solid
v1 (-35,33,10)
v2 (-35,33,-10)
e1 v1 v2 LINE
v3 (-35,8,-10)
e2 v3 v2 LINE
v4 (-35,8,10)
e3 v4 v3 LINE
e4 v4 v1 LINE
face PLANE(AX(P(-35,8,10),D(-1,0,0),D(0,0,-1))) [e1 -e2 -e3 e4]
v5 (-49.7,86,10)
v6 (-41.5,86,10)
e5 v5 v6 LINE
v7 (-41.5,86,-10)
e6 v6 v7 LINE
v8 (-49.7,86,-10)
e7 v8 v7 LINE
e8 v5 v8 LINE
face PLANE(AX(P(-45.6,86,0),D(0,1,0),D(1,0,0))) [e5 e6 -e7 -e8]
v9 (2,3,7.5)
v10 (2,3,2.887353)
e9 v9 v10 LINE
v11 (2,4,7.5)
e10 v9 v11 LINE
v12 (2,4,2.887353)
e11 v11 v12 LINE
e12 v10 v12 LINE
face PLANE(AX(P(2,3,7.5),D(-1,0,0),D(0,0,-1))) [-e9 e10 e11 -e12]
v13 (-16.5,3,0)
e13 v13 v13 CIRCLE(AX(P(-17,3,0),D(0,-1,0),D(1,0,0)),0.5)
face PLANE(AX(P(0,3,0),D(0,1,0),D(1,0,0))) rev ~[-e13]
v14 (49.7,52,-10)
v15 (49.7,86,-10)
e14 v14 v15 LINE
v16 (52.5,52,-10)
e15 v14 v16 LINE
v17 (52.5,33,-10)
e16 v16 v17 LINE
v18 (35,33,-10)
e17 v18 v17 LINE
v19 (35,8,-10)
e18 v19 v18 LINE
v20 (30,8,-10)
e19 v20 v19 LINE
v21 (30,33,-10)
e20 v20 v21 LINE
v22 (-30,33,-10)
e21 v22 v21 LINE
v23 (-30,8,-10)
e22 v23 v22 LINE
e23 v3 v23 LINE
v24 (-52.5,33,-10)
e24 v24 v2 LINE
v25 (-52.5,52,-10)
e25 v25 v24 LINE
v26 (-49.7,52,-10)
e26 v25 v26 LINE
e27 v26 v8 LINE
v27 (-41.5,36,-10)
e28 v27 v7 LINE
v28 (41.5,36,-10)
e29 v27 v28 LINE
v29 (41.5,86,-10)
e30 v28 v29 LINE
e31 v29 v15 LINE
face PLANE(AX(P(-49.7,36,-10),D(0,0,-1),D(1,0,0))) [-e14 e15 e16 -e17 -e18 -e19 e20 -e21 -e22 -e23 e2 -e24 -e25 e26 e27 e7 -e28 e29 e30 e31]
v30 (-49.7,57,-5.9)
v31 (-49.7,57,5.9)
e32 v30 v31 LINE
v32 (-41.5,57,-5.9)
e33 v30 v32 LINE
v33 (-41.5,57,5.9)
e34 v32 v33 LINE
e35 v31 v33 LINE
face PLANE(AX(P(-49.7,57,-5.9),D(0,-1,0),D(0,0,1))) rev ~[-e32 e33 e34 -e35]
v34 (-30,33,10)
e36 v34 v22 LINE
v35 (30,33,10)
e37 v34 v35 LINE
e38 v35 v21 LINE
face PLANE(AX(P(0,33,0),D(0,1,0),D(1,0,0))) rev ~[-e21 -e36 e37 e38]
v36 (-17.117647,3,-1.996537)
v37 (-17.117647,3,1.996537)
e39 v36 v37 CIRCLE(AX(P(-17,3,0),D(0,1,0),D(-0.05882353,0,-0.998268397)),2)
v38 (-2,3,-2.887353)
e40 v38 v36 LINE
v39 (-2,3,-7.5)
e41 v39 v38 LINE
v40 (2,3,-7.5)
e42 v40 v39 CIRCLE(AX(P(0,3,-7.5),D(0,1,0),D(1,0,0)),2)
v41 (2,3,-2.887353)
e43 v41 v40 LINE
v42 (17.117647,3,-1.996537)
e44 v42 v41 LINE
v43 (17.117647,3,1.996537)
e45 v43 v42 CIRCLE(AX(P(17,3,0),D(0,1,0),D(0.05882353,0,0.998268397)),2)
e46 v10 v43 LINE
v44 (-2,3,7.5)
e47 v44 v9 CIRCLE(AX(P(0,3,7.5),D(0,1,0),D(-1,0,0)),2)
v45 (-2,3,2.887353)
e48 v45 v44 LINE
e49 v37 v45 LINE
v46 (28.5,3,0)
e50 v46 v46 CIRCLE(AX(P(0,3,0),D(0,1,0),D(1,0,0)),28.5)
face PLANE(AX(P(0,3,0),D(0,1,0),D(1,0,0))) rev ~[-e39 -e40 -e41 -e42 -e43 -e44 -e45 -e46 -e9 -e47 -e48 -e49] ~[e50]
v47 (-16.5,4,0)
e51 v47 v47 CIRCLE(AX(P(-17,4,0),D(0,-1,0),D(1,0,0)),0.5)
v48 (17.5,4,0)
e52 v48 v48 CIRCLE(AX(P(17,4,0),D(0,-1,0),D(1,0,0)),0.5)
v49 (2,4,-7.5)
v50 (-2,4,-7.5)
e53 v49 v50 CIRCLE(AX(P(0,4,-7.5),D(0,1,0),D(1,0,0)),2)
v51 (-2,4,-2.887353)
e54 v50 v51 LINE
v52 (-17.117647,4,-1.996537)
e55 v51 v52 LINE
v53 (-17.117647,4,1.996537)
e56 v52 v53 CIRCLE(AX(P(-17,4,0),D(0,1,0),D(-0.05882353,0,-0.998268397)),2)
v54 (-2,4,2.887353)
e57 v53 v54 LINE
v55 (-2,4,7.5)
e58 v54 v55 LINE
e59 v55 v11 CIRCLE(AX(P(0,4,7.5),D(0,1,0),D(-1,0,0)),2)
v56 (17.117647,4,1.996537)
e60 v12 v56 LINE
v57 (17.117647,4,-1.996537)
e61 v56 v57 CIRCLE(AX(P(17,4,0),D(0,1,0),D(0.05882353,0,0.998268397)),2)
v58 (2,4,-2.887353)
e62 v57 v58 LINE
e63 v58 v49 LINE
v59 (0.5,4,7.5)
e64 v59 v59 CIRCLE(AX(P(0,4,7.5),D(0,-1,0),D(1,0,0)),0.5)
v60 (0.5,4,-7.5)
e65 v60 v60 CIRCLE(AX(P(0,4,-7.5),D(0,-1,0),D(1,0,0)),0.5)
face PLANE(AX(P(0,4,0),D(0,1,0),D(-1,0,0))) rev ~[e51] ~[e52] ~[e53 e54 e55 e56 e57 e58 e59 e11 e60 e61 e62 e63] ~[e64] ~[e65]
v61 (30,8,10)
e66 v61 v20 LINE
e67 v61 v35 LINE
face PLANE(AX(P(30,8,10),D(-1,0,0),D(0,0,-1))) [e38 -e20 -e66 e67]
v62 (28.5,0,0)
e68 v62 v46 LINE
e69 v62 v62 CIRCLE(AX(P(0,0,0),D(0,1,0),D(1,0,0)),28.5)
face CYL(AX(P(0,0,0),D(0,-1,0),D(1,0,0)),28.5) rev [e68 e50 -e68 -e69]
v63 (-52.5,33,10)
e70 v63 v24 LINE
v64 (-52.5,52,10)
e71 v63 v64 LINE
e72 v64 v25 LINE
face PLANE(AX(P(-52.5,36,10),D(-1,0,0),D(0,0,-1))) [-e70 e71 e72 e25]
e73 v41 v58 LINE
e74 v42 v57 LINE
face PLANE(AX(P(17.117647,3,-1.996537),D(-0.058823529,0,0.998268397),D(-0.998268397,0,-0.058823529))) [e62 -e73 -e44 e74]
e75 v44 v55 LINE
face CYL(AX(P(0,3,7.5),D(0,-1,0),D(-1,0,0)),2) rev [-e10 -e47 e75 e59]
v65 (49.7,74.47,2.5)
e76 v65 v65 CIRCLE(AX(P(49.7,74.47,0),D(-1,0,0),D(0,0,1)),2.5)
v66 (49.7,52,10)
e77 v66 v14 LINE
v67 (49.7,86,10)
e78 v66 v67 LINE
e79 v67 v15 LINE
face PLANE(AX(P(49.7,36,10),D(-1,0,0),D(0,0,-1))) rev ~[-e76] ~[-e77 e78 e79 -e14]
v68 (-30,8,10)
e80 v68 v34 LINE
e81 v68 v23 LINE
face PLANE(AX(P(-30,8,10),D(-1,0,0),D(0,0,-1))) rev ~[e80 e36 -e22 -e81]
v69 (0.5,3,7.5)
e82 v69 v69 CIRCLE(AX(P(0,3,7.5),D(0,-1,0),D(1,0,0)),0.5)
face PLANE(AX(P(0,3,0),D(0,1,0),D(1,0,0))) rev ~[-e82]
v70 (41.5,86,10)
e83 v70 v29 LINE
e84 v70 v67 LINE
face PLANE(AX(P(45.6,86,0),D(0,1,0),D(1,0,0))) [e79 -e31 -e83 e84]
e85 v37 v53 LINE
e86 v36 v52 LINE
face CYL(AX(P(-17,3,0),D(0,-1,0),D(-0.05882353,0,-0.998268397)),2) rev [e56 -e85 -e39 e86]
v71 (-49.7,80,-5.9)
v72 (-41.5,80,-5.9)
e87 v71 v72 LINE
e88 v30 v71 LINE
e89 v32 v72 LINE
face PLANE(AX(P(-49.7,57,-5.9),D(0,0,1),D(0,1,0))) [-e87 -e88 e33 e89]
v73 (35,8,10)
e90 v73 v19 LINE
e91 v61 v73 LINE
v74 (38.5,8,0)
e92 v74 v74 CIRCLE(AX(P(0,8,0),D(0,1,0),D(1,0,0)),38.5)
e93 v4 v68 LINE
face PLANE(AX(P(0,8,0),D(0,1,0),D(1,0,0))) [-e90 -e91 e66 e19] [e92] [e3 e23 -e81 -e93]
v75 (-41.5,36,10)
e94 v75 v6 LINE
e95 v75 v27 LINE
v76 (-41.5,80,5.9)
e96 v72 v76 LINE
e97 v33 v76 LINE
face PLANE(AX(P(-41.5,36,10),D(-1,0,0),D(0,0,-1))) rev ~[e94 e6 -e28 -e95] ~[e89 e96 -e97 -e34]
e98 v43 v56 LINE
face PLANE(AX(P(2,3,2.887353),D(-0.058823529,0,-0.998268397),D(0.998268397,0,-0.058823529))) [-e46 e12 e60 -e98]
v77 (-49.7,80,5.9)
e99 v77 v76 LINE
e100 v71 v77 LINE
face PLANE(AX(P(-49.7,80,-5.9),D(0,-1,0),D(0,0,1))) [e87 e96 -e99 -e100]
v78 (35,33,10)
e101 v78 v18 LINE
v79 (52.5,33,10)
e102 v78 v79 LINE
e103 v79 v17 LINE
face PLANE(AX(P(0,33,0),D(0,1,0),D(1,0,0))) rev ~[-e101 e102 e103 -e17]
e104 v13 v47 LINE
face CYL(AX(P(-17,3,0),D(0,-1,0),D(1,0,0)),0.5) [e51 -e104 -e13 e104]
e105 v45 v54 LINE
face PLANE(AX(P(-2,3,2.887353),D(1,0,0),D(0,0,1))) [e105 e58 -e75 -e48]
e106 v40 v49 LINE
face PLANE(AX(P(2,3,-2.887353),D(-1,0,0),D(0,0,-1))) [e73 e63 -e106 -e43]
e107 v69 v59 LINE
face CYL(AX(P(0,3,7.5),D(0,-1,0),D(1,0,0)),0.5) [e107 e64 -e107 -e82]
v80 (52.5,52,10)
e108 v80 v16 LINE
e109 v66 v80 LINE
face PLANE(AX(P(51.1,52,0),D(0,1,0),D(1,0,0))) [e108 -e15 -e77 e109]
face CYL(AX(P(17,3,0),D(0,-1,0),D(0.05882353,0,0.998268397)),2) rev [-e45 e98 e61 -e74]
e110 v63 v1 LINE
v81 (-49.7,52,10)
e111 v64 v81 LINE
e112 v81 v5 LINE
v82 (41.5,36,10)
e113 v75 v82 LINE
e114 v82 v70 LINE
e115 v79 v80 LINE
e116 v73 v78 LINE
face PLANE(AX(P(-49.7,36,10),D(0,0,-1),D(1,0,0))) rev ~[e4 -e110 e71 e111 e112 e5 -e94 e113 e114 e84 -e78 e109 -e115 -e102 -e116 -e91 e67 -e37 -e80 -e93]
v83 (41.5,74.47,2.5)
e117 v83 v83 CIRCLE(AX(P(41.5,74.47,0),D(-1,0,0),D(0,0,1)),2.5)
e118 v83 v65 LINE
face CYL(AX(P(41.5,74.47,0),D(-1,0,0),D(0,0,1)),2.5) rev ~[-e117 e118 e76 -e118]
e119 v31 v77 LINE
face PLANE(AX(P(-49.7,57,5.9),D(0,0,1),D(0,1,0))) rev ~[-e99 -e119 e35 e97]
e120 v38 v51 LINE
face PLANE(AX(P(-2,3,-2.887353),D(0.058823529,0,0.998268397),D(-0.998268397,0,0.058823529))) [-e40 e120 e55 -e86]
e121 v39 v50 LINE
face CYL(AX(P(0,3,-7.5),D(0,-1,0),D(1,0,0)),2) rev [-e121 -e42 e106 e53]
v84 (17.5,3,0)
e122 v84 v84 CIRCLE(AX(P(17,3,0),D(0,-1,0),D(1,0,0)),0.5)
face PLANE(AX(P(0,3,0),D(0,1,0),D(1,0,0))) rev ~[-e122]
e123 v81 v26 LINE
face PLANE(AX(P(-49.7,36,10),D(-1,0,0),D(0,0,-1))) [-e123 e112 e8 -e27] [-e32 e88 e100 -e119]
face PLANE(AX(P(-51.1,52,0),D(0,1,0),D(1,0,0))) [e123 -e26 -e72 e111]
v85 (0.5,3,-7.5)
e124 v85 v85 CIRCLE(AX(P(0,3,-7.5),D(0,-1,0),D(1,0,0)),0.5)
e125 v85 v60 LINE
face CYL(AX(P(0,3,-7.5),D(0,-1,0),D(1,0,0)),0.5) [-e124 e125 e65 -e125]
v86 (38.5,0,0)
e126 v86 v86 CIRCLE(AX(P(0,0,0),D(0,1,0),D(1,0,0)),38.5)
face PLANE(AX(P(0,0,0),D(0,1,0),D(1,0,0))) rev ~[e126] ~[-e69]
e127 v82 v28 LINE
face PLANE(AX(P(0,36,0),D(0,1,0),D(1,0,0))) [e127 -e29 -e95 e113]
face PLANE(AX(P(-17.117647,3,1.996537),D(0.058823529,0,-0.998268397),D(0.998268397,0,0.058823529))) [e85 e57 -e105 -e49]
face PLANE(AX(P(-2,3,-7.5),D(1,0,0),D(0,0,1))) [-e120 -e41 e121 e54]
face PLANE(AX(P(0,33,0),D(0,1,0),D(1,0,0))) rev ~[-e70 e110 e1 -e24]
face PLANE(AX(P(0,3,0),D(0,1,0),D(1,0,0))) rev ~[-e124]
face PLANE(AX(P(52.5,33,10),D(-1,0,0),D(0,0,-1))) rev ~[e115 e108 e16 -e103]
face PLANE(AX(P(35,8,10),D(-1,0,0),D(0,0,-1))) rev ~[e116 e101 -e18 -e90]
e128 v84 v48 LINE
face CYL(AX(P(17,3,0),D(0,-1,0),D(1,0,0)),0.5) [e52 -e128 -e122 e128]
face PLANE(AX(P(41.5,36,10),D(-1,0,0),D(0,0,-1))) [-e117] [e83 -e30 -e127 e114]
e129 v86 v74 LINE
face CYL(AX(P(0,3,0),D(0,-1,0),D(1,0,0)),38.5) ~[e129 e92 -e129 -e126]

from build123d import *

# Parameters (mm, degrees)
SKETCH1_R           = 38.5
SKETCH1_R_2         = 28.5
BOSS_EXTRUDE1_DEPTH = 3
SKETCH3_R           = 38.5
BOSS_EXTRUDE2_DEPTH = 5
SKETCH4_W           = 5
SKETCH4_H           = 20
BOSS_EXTRUDE3_DEPTH = 25
SKETCH5_W           = 105
SKETCH5_H           = 20
BOSS_EXTRUDE4_DEPTH = 3
SKETCH6_W           = 2.8
SKETCH6_H           = 20
BOSS_EXTRUDE5_DEPTH = 16
SKETCH7_W           = 8.2
SKETCH7_H           = 20
BOSS_EXTRUDE6_DEPTH = 50
SKETCH8_W           = 11.8
SKETCH8_H           = 23
CUT_EXTRUDE1_DEPTH  = 50
SKETCH9_R           = 2.5
CUT_EXTRUDE2_DEPTH  = 50
SKETCH10_R          = 0.5
CUT_EXTRUDE3_DEPTH  = 1


with BuildPart() as part:
    # Sketch1 → Boss-Extrude1 (new body)
    with BuildSketch(Plane(origin=(0, 0, 0), x_dir=(1, 0, 0), z_dir=(0, 1, 0))):
        Circle(SKETCH1_R)
        Circle(SKETCH1_R_2, mode=Mode.SUBTRACT)
    extrude(amount=BOSS_EXTRUDE1_DEPTH)

    # Sketch3 → Boss-Extrude2 (add)
    with BuildSketch(Plane(origin=(0, 3, 0), x_dir=(1, 0, 0), z_dir=(0, 1, 0))):
        Circle(SKETCH3_R)
    extrude(amount=BOSS_EXTRUDE2_DEPTH)

    # Sketch4 → Boss-Extrude3 (add)
    with BuildSketch(Plane(origin=(0, 8, 0), x_dir=(1, 0, 0), z_dir=(0, 1, 0))):
        with Locations((-32.5, 0)):
            Rectangle(SKETCH4_W, SKETCH4_H)
        with Locations((32.5, 0)):
            Rectangle(SKETCH4_W, SKETCH4_H)
    extrude(amount=BOSS_EXTRUDE3_DEPTH)

    # Sketch5 → Boss-Extrude4 (add)
    with BuildSketch(Plane(origin=(0, 33, 0), x_dir=(1, 0, 0), z_dir=(0, 1, 0))):
        Rectangle(SKETCH5_W, SKETCH5_H)
    extrude(amount=BOSS_EXTRUDE4_DEPTH)

    # Sketch6 → Boss-Extrude5 (add)
    with BuildSketch(Plane(origin=(0, 36, 0), x_dir=(1, 0, 0), z_dir=(0, 1, 0))):
        with Locations((-51.1, 0)):
            Rectangle(SKETCH6_W, SKETCH6_H)
        with Locations((51.1, 0)):
            Rectangle(SKETCH6_W, SKETCH6_H)
    extrude(amount=BOSS_EXTRUDE5_DEPTH)

    # Sketch7 → Boss-Extrude6 (add)
    with BuildSketch(Plane(origin=(0, 36, 0), x_dir=(1, 0, 0), z_dir=(0, 1, 0))):
        with Locations((-45.6, 0)):
            Rectangle(SKETCH7_W, SKETCH7_H)
        with Locations((45.6, 0)):
            Rectangle(SKETCH7_W, SKETCH7_H)
    extrude(amount=BOSS_EXTRUDE6_DEPTH)

    # Sketch8 → Cut-Extrude1 (cut)
    with BuildSketch(Plane.ZY.offset(49.7)):
        with Locations((0, 68.5)):
            Rectangle(SKETCH8_W, SKETCH8_H)
    extrude(amount=-CUT_EXTRUDE1_DEPTH, mode=Mode.SUBTRACT)

    # Sketch9 → Cut-Extrude2 (cut)
    with BuildSketch(Plane.ZY.offset(-41.5)):
        with Locations((0, 74.47)):
            Circle(SKETCH9_R)
    extrude(amount=-CUT_EXTRUDE2_DEPTH, mode=Mode.SUBTRACT)

    # Sketch10 → Cut-Extrude3 (cut)
    with BuildSketch(Plane.XZ.offset(-3)):
        with BuildLine():
            Line((2, 7.5), (2, 2.88735269))
            Line((2, 2.88735269), (17.117647059, 1.996536794))
            ThreePointArc((17.117647059, 1.996536794), (19, 0), (17.117647059, -1.996536794))
            Line((17.117647059, -1.996536794), (2, -2.88735269))
            Line((2, -2.88735269), (2, -7.5))
            ThreePointArc((2, -7.5), (0, -9.5), (-2, -7.5))
            Line((-2, -7.5), (-2, -2.88735269))
            Line((-2, -2.88735269), (-17.117647059, -1.996536794))
            ThreePointArc((-17.117647059, -1.996536794), (-19, 0), (-17.117647059, 1.996536794))
            Line((-17.117647059, 1.996536794), (-2, 2.88735269))
            Line((-2, 2.88735269), (-2, 7.5))
            ThreePointArc((-2, 7.5), (0, 9.5), (2, 7.5))
        make_face()
        with Locations((-17, 0)):
            Circle(SKETCH10_R, mode=Mode.SUBTRACT)
        with Locations((17, 0)):
            Circle(SKETCH10_R, mode=Mode.SUBTRACT)
        with Locations((0, 7.5)):
            Circle(SKETCH10_R, mode=Mode.SUBTRACT)
        with Locations((0, -7.5)):
            Circle(SKETCH10_R, mode=Mode.SUBTRACT)
    extrude(amount=-CUT_EXTRUDE3_DEPTH, mode=Mode.SUBTRACT)


solid = part.part
